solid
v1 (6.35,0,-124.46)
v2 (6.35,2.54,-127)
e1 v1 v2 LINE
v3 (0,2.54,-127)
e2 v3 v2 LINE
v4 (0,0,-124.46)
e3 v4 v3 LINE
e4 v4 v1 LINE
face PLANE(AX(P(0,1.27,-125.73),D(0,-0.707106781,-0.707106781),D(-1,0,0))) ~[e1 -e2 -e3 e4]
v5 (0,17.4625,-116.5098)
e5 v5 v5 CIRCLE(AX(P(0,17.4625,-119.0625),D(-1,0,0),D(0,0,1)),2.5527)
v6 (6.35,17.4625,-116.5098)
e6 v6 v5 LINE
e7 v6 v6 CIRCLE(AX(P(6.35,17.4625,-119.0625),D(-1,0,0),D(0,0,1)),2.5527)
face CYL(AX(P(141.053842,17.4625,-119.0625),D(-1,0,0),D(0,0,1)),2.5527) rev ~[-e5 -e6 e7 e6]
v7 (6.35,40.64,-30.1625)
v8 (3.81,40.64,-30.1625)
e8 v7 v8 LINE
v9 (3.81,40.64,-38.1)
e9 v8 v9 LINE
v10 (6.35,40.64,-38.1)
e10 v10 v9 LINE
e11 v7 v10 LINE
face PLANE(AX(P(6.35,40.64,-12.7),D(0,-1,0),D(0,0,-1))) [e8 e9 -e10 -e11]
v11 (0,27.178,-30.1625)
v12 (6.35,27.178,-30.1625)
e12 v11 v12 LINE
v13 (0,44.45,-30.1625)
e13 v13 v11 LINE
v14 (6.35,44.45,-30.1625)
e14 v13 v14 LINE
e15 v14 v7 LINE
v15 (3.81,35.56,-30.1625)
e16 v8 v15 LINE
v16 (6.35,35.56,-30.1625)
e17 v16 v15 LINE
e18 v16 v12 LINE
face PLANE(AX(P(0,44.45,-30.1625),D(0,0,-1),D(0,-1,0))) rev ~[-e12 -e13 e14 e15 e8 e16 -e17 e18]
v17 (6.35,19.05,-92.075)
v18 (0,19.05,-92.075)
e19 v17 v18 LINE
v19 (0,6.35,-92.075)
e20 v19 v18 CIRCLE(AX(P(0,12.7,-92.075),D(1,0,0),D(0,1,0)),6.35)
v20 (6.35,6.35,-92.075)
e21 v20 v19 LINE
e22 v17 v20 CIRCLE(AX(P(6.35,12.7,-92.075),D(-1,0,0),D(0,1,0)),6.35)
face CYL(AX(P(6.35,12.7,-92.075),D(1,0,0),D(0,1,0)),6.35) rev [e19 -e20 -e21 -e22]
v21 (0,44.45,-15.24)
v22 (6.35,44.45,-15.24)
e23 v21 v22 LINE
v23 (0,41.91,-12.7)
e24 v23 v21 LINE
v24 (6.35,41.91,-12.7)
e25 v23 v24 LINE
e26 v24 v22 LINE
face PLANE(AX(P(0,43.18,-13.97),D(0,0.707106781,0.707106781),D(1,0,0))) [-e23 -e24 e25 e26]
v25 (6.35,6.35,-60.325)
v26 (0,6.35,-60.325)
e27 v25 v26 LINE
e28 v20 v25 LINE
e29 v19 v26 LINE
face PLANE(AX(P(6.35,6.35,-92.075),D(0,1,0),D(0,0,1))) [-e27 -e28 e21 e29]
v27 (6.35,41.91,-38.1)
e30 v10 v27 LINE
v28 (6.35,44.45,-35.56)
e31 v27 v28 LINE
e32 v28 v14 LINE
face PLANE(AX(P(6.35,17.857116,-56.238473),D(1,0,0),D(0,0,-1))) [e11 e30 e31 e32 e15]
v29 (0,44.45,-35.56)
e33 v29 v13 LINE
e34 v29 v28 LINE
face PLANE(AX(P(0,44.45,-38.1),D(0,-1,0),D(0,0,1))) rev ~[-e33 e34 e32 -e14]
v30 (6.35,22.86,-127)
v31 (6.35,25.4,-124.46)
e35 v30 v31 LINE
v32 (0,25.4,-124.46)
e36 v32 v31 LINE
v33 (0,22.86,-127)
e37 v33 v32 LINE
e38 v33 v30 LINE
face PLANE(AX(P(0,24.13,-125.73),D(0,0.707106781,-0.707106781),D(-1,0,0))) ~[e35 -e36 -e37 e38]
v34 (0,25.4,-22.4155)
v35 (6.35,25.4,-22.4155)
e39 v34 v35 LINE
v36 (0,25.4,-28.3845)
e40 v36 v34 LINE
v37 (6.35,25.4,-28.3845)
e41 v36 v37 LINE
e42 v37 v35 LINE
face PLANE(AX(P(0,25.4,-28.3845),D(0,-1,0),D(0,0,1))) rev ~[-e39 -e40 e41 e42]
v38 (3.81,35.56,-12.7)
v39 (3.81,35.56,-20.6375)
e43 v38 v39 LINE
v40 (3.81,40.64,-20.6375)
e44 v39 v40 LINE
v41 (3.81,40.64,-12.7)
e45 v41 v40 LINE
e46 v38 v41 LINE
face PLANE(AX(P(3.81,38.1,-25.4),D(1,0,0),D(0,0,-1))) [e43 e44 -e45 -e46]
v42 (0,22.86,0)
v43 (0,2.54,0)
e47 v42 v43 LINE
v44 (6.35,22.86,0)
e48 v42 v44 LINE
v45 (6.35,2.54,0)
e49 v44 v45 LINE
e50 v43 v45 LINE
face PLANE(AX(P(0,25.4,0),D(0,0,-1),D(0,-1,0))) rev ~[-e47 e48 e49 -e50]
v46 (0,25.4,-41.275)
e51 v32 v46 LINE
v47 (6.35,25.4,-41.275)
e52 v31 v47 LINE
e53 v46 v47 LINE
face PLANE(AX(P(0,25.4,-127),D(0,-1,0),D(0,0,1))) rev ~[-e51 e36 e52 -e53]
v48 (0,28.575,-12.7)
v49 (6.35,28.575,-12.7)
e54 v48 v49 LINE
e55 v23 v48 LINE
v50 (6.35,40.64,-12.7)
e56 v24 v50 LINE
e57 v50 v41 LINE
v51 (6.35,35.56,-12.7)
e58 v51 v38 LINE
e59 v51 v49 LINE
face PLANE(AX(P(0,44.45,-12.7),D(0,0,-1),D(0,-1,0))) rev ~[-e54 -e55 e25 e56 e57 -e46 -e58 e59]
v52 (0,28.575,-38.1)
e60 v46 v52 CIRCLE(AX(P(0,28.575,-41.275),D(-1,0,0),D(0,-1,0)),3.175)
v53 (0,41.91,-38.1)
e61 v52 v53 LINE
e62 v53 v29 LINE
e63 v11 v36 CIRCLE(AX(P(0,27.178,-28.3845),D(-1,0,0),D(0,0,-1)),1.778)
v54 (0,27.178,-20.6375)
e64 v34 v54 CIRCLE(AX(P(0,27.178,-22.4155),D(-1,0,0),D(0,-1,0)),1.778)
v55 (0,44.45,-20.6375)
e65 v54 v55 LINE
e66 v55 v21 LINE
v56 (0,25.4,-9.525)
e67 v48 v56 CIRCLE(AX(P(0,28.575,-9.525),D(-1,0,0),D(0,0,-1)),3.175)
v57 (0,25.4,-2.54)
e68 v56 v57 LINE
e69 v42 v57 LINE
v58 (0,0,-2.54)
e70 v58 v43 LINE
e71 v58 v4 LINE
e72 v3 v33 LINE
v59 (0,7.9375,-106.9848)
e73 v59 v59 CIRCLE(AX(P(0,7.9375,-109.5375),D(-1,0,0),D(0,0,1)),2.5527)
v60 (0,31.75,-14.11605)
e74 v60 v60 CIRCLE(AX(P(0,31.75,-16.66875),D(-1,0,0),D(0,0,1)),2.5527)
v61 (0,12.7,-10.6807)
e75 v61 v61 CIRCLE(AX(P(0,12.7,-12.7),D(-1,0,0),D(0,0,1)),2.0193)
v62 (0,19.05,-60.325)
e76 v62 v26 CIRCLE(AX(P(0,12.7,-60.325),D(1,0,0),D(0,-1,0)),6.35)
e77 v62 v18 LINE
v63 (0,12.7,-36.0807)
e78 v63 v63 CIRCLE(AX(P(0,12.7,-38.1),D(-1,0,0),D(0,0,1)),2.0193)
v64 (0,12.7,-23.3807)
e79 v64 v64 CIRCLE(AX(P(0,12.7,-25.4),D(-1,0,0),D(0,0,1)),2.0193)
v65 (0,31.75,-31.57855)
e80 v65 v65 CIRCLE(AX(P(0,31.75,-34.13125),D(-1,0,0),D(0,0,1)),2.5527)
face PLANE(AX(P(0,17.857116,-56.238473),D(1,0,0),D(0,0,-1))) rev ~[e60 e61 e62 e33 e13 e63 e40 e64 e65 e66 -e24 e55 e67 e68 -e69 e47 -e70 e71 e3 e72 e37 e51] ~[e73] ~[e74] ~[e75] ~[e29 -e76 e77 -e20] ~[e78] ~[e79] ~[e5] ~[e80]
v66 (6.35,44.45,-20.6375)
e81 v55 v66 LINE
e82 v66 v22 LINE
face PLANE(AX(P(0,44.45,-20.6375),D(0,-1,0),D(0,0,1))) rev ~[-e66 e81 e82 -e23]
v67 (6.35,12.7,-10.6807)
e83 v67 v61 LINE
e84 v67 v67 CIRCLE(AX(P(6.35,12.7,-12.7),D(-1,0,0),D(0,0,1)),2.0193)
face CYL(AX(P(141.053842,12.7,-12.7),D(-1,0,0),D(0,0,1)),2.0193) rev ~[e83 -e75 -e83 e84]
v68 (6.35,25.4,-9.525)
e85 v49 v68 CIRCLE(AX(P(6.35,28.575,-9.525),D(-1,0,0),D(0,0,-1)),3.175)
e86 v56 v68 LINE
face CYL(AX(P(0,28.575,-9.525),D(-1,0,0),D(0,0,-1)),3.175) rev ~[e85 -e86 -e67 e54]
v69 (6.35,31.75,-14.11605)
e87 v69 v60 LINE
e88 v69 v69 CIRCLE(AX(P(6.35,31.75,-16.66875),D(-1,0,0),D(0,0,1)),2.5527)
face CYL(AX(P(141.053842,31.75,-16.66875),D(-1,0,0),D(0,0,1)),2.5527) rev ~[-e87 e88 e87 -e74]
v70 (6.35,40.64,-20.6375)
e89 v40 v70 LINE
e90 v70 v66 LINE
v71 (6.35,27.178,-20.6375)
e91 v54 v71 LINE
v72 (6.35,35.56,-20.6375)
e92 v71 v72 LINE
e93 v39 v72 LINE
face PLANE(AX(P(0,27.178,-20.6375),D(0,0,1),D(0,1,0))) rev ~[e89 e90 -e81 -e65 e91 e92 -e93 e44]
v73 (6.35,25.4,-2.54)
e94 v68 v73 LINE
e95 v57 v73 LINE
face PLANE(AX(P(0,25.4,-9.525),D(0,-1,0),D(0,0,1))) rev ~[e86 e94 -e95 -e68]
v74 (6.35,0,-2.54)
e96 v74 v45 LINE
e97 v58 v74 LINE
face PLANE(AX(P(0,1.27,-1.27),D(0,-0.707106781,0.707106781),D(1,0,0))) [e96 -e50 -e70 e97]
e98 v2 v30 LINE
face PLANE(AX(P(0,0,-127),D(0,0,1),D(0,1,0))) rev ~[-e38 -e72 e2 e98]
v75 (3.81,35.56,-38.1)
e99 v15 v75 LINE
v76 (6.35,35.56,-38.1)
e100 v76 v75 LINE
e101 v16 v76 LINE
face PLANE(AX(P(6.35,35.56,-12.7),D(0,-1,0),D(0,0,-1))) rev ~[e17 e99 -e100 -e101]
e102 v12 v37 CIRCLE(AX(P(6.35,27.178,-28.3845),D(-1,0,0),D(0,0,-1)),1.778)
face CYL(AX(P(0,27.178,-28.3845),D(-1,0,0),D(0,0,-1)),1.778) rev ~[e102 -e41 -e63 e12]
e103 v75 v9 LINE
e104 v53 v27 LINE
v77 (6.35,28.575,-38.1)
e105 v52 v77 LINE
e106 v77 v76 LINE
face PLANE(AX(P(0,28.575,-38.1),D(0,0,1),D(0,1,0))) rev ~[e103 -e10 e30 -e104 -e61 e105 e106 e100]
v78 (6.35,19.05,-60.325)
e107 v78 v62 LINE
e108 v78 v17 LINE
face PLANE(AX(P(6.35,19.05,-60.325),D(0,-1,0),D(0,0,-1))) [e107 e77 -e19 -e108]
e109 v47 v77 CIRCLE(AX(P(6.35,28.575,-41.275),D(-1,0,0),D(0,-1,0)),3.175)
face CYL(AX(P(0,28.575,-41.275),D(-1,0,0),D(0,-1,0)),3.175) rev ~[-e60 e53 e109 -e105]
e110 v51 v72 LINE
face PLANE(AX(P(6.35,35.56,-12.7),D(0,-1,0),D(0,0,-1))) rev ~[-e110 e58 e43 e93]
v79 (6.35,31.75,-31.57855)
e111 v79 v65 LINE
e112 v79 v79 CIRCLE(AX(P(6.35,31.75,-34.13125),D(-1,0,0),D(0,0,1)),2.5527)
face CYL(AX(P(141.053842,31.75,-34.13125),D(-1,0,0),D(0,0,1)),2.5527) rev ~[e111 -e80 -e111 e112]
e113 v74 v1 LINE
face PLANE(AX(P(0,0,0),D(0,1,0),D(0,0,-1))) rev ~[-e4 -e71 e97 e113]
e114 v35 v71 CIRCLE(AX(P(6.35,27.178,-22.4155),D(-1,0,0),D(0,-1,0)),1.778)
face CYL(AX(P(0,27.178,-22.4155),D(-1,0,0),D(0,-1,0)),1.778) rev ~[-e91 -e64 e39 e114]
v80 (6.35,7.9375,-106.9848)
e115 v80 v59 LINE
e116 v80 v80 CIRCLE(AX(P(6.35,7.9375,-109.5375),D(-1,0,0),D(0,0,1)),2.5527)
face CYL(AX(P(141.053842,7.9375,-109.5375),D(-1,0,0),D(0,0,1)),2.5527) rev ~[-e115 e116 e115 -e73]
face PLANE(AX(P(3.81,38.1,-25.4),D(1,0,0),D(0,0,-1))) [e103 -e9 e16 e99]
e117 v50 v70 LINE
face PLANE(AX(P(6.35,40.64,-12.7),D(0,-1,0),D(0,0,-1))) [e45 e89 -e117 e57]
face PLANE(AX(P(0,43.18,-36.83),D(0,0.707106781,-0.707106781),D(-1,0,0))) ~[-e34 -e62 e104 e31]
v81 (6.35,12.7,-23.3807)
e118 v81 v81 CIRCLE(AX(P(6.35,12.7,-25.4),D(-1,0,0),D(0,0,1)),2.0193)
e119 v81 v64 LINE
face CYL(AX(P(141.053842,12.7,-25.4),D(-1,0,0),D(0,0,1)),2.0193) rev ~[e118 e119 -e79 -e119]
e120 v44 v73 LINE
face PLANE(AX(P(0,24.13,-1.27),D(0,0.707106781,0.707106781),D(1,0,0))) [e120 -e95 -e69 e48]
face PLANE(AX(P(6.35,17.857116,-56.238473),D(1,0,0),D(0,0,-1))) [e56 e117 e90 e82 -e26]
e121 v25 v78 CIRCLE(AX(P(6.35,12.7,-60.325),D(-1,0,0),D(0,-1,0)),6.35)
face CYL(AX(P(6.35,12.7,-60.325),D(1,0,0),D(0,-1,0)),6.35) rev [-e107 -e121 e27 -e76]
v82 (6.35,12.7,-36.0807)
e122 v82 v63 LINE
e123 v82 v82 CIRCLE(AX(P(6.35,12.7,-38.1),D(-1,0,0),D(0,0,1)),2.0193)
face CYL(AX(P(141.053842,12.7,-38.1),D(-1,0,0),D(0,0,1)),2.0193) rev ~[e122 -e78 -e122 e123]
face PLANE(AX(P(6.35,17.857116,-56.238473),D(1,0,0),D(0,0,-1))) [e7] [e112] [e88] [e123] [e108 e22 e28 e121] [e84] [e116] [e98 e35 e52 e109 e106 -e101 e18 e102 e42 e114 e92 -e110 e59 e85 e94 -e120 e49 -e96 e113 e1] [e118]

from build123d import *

# Parameters (mm, degrees)
BOSS_EXTRUDE1_DEPTH    = 6.35
F_10_32_TAPPED_HOLE1_D = 4.0386
F_10_CLEARANCE_HOLE1_D = 5.1054
SKETCH6_W              = 25.4
SKETCH6_H              = 5.08
CUT_EXTRUDE1_DEPTH     = 2.54
CHAMFER1_SIZE          = 2.54
CUT_EXTRUDE2_DEPTH     = 7.35


with BuildPart() as part:
    # Sketch1 → Boss-Extrude1 (new body)
    with BuildSketch(Plane(origin=(0, 0, 0), x_dir=(0, 0, -1), z_dir=(1, 0, 0))):
        with BuildLine():
            Line((0, 0), (127, 0))
            Line((127, 0), (127, 25.4))
            Line((127, 25.4), (41.275, 25.4))
            ThreePointArc((41.275, 25.4), (39.02993597, 26.32993597), (38.1, 28.575))
            Line((38.1, 28.575), (38.1, 44.45))
            Line((38.1, 44.45), (30.1625, 44.45))
            Line((30.1625, 44.45), (30.1625, 27.178))
            ThreePointArc((30.1625, 27.178), (29.641735857, 25.920764143), (28.3845, 25.4))
            Line((28.3845, 25.4), (22.4155, 25.4))
            ThreePointArc((22.4155, 25.4), (21.158264143, 25.920764143), (20.6375, 27.178))
            Line((20.6375, 27.178), (20.6375, 44.45))
            Line((20.6375, 44.45), (12.7, 44.45))
            Line((12.7, 44.45), (12.7, 28.575))
            ThreePointArc((12.7, 28.575), (11.77006403, 26.32993597), (9.525, 25.4))
            Line((9.525, 25.4), (0, 25.4))
            Line((0, 25.4), (0, 0))
        make_face()
    extrude(amount=BOSS_EXTRUDE1_DEPTH)

    # #10-32 Tapped Hole1 (through all)
    with Locations(Plane(origin=(6.35, 0, 0), x_dir=(0, 0, -1), z_dir=(1, 0, 0))):
        with Locations((12.7, 12.7), (25.4, 12.7), (38.1, 12.7)):
            Hole(F_10_32_TAPPED_HOLE1_D / 2)

    # #10 Clearance Hole1 (through all)
    with Locations(Plane(origin=(6.35, 0, 0), x_dir=(0, 0, -1), z_dir=(1, 0, 0))):
        with Locations((119.0625, 17.4625), (109.5375, 7.9375), (34.13125, 31.75), (16.66875, 31.75)):
            Hole(F_10_CLEARANCE_HOLE1_D / 2)

    # Sketch6 → Cut-Extrude1 (cut)
    with BuildSketch(Plane(origin=(6.35, 0, 0), x_dir=(0, 0, -1), z_dir=(1, 0, 0))):
        with Locations((25.4, 38.1)):
            Rectangle(SKETCH6_W, SKETCH6_H)
    extrude(amount=-CUT_EXTRUDE1_DEPTH, mode=Mode.SUBTRACT)

    # Chamfer1
    chamfer1_edges = [part.edges().sort_by_distance(p)[0] for p in [
        (3.175, 25.4, 0),
        (3.175, 44.45, -12.7),
        (3.175, 44.45, -38.1),
        (3.175, 25.4, -127),
        (3.175, 0, -127),
        (3.175, 0, 0),
    ]]
    chamfer(chamfer1_edges, length=CHAMFER1_SIZE)

    # Sketch7 → Cut-Extrude2 (cut, through all)
    with BuildSketch(Plane(origin=(6.35, 0, 0), x_dir=(0, 0, -1), z_dir=(1, 0, 0))):
        with BuildLine():
            Line((60.325, 19.05), (92.075, 19.05))
            ThreePointArc((92.075, 19.05), (98.425, 12.7), (92.075, 6.35))
            Line((92.075, 6.35), (60.325, 6.35))
            ThreePointArc((60.325, 6.35), (53.975, 12.7), (60.325, 19.05))
        make_face()
    extrude(amount=-CUT_EXTRUDE2_DEPTH, mode=Mode.SUBTRACT)


solid = part.part
